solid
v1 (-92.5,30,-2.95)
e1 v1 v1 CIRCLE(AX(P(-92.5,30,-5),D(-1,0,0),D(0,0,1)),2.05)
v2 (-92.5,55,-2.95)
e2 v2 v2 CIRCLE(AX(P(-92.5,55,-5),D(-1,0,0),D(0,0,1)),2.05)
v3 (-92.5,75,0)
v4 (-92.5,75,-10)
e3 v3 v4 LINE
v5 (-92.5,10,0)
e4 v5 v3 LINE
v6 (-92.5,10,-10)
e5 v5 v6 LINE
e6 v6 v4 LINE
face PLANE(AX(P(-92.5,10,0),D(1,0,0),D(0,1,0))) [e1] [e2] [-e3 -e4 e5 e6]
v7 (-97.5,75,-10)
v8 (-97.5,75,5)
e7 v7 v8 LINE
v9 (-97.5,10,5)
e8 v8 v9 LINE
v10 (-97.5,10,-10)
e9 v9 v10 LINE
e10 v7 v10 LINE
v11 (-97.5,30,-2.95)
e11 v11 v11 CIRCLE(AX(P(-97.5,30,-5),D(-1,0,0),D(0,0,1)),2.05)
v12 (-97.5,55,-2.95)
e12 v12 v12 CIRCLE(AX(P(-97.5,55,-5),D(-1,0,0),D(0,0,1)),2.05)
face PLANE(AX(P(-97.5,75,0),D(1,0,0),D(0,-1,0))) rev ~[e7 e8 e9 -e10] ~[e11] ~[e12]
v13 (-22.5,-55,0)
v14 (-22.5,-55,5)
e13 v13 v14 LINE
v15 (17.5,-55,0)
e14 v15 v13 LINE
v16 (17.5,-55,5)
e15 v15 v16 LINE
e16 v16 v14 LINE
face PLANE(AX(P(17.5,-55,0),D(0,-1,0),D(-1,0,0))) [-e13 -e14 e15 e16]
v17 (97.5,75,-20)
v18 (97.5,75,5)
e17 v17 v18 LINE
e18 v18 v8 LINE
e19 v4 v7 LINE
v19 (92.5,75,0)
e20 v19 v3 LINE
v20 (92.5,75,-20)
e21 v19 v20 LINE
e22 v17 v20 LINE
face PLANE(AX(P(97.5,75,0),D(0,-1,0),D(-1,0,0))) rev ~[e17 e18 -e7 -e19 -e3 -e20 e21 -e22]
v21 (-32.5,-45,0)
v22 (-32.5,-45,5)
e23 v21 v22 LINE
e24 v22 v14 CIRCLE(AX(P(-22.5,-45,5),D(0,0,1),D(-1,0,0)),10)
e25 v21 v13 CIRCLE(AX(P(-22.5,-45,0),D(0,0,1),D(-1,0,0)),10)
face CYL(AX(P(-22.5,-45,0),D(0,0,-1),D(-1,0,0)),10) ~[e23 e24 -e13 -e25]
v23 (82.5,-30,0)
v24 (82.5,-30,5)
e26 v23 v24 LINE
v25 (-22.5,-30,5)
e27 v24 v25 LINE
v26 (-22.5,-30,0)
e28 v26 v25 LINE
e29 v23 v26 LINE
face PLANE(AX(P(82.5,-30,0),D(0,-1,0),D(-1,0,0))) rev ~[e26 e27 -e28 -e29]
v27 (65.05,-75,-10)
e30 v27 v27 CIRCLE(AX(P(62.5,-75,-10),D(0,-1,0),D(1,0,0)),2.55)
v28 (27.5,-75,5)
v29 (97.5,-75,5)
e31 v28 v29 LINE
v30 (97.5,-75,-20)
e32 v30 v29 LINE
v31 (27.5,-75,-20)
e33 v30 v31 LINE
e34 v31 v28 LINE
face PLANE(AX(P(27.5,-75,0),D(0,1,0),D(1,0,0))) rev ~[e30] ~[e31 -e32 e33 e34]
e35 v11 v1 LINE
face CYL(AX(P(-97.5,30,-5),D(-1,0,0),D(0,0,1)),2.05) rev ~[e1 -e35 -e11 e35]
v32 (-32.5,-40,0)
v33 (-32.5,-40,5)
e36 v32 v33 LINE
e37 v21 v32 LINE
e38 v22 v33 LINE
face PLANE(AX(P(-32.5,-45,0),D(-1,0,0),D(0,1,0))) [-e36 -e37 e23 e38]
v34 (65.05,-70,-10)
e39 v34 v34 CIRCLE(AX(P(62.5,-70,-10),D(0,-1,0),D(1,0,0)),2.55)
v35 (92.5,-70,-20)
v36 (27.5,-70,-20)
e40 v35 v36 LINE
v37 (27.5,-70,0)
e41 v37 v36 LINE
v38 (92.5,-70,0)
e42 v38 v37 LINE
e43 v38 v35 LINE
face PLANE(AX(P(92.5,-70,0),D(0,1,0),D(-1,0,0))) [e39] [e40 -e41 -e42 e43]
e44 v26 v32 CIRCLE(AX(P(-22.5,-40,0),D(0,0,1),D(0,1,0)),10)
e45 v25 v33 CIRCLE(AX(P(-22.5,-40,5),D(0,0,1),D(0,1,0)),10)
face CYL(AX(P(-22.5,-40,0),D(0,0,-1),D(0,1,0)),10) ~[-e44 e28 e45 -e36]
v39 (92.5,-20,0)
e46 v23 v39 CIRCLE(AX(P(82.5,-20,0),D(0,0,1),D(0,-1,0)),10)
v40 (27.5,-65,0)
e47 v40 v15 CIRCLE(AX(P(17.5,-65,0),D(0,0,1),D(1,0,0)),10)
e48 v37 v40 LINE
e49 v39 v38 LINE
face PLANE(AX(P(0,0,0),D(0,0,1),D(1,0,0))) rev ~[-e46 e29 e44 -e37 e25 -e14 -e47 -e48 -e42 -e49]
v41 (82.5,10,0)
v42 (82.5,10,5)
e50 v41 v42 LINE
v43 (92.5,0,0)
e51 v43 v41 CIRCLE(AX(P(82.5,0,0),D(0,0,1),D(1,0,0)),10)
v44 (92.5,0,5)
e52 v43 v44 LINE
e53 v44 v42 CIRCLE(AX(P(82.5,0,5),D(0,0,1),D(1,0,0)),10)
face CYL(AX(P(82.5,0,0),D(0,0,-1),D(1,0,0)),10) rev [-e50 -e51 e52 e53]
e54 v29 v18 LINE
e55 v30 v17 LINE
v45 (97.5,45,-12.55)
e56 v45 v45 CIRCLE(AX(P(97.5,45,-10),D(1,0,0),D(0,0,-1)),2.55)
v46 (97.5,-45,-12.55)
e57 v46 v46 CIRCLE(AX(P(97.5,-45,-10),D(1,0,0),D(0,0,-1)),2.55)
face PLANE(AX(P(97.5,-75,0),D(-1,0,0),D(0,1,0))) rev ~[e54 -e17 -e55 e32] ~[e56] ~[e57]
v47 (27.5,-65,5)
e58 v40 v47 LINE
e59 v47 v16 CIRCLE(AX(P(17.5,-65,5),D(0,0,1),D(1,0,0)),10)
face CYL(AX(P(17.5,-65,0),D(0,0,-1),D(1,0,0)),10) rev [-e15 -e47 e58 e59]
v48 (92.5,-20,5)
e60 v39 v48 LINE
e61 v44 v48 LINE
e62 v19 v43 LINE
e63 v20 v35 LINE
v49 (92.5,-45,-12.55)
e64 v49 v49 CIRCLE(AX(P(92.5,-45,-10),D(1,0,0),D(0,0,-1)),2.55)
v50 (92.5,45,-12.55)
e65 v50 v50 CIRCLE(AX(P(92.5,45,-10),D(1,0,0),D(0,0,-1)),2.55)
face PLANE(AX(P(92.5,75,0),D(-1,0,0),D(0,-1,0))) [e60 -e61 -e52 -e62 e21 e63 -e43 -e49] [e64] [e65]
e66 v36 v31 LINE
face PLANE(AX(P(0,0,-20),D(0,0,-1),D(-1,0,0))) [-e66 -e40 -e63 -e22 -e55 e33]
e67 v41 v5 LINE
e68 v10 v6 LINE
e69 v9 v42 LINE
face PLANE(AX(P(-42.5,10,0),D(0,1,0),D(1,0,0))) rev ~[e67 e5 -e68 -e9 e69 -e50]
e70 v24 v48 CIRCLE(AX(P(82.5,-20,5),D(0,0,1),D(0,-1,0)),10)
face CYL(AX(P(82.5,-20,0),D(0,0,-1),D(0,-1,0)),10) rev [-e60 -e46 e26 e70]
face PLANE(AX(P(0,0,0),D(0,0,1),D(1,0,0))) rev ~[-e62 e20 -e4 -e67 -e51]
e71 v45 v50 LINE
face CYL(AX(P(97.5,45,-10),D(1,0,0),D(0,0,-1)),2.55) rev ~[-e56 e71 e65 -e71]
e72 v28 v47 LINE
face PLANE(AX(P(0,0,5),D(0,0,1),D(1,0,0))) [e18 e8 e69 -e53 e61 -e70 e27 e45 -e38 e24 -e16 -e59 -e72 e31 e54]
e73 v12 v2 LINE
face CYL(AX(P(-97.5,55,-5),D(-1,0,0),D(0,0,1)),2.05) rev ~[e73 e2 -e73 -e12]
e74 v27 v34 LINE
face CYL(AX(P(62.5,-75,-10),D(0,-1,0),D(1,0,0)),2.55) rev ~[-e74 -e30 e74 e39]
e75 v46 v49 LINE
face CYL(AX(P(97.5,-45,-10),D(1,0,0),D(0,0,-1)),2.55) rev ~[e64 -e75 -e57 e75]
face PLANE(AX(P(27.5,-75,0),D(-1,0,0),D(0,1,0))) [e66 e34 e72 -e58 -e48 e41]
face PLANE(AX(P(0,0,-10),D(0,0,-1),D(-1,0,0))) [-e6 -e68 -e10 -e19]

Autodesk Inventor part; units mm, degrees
ref_plane "YZ Plane" through (0, 0, 0) normal (1, 0, 0) x (0, 1, 0)
ref_plane "XZ Plane" through (0, 0, 0) normal (0, 1, 0) x (-1, 0, 0)
ref_plane "XY Plane" through (0, 0, 0) normal (0, 0, 1) x (1, 0, 0)
sketch "Sketch1" plane through (0, 0, 0) normal (0, 0, 1) x (1, 0, 0)
  line L0 (-97.5, -75) -> (97.5, -75)
  line L1 (97.5, -75) -> (97.5, 75)
  line L2 (97.5, 75) -> (-97.5, 75)
  line L3 (-97.5, 75) -> (-97.5, -75)
  line L4 (-97.5, -75) -> (-32.5, -30) construction
  line L5 (97.5, -75) -> (-97.5, 75) construction
  line L6 (-97.5, -75) -> (-32.5, -75)
  line L7 (-32.5, -45) -> (-32.5, -40)
  line L8 (-42.5, 10) -> (-97.5, 10)
  line L9 (-97.5, 10) -> (-97.5, -75)
  line L10 (-97.5, -75) -> (27.5, -75)
  line L11 (27.5, -75) -> (27.5, -65)
  line L12 (17.5, -55) -> (-22.5, -55)
  line L13 (-97.5, -55) -> (-97.5, -75)
  arc A0 (-32.5, -45) -> (-22.5, -55) centre (-22.5, -45) ccw
  arc A1 (27.5, -65) -> (17.5, -55) centre (17.5, -65) ccw
  line L14 (-42.5, 10) -> (82.5, 10)
  line L15 (92.5, 0) -> (92.5, -20)
  line L16 (82.5, -30) -> (-22.5, -30)
  line L17 (-32.5, -30) -> (97.5, 75) construction
  arc A2 (-22.5, -30) -> (-32.5, -40) centre (-22.5, -40) ccw
  arc A3 (82.5, -30) -> (92.5, -20) centre (82.5, -20) ccw
  arc A4 (92.5, 0) -> (82.5, 10) centre (82.5, 0) ccw
  point P0 (0, 0)
  point P1 (-32.5, 10)
  point P2 (27.5, -55)
  point P3 (92.5, -30)
  point P4 (92.5, 10)
  dimension "d0" = 195
  dimension "d1" = 150
  dimension "d2" = 65
  dimension "d3" = 85
  dimension "d4" = 125
  dimension "d5" = 20
  dimension "d36" = 40
  dimension "d37" = 190
  dimension "d38" = 10
extrude "Extrusion1" add sketch "Sketch1" along normal blind 5 contours L11 A1 L12 A0 L7 A2 L16 A3 L15 A4 L14 L8 L3 L2 L1 L0
sketch "Sketch2" plane through (0, 0, 0) normal (0, 0, -1) x (-1, 0, 0)
  line L0 (92.5, 75) -> (97.5, 75)
  line L1 (97.5, 75) -> (97.5, 10)
  line L2 (97.5, 10) -> (92.5, 10)
  line L3 (92.5, 10) -> (92.5, 75)
  line L4 (-97.5, 75) -> (97.5, 75) projected
  line L5 (97.5, 10) -> (-82.5, 10) projected
  line L6 (97.5, 75) -> (97.5, 10) projected
  point P0 (0, 0)
  point P1 (42.5, 5)
  point P2 (97.5, -75)
  point P3 (-82.5, 10)
  dimension "d9" = 5
extrude "Extrusion2" add sketch "Sketch2" along normal blind 10
sketch "Sketch3" plane through (0, 0, 0) normal (0, 0, -1) x (-1, 0, 0)
  line L0 (-97.5, 75) -> (-92.5, 75)
  line L1 (-92.5, 75) -> (-92.5, -75)
  line L2 (-92.5, -75) -> (-97.5, -75)
  line L3 (-97.5, -75) -> (-97.5, 75)
  line L4 (-97.5, -70) -> (-27.5, -70)
  line L5 (-27.5, -70) -> (-27.5, -75)
  line L6 (-27.5, -75) -> (-97.5, -75)
  line L7 (-97.5, -75) -> (-97.5, -70)
  line L8 (-97.5, -75) -> (-97.5, 75) projected
  line L9 (-97.5, 75) -> (92.5, 75) projected
  line L10 (-27.5, -75) -> (-97.5, -75) projected
  line L11 (-27.5, -65) -> (-27.5, -75) projected
  point P0 (0, 0)
  point P1 (-92.5, -70)
  point P2 (97.5, -75)
  dimension "d12" = 5
  dimension "d13" = 5
extrude "Extrusion3" add sketch "Sketch3" along normal blind 20
sketch "Sketch4" plane through (97.5, -75, 5) normal (1, 0, 0) x (0, 0, -1)
  circle A0 centre (15, 30) radius 2.55
  circle A1 centre (15, 120) radius 2.55
  line L0 (0, 0) -> (0, 150) projected
  line L1 (25, 0) -> (0, 0) projected
  point P0 (5, 75)
  dimension "d16" = 5.1
  dimension "d17" = 5.1
  dimension "d18" = 15
  dimension "d19" = 30
  dimension "d20" = 90
extrude "Extrusion4" cut sketch "Sketch4" against normal blind 20
sketch "Sketch5" plane through (27.5, -75, 5) normal (0, -1, 0) x (1, 0, 0)
  circle A0 centre (35, -15) radius 2.55
  line L0 (70, -25) -> (70, 0) projected
  line L1 (0, 0) -> (70, 0) projected
  point P0 (-27.5, -5)
  point P1 (70, -12.5)
  point P2 (35, 0)
  point P3 (-125, 0)
  dimension "d23" = 5.1
  dimension "d24" = 35
  dimension "d25" = 15
extrude "Extrusion5" cut sketch "Sketch5" against normal blind 20
sketch "Sketch6" plane through (-97.5, 10, 5) normal (-1, 0, 0) x (0, 0, 1)
  circle A0 centre (-10, 45) radius 2.05
  circle A1 centre (-10, 20) radius 2.05
  line L0 (-15, 0) -> (-15, 65) projected
  line L1 (-15, 0) -> (0, 0) projected
  line L2 (0, 65) -> (-15, 65) projected
  point P0 (-5, -10)
  dimension "d28" = 4.1
  dimension "d29" = 4.1
  dimension "d30" = 5
  dimension "d31" = 20
  dimension "d32" = 20
extrude "Extrusion6" cut sketch "Sketch6" against normal blind 20
properties part number "tright"
